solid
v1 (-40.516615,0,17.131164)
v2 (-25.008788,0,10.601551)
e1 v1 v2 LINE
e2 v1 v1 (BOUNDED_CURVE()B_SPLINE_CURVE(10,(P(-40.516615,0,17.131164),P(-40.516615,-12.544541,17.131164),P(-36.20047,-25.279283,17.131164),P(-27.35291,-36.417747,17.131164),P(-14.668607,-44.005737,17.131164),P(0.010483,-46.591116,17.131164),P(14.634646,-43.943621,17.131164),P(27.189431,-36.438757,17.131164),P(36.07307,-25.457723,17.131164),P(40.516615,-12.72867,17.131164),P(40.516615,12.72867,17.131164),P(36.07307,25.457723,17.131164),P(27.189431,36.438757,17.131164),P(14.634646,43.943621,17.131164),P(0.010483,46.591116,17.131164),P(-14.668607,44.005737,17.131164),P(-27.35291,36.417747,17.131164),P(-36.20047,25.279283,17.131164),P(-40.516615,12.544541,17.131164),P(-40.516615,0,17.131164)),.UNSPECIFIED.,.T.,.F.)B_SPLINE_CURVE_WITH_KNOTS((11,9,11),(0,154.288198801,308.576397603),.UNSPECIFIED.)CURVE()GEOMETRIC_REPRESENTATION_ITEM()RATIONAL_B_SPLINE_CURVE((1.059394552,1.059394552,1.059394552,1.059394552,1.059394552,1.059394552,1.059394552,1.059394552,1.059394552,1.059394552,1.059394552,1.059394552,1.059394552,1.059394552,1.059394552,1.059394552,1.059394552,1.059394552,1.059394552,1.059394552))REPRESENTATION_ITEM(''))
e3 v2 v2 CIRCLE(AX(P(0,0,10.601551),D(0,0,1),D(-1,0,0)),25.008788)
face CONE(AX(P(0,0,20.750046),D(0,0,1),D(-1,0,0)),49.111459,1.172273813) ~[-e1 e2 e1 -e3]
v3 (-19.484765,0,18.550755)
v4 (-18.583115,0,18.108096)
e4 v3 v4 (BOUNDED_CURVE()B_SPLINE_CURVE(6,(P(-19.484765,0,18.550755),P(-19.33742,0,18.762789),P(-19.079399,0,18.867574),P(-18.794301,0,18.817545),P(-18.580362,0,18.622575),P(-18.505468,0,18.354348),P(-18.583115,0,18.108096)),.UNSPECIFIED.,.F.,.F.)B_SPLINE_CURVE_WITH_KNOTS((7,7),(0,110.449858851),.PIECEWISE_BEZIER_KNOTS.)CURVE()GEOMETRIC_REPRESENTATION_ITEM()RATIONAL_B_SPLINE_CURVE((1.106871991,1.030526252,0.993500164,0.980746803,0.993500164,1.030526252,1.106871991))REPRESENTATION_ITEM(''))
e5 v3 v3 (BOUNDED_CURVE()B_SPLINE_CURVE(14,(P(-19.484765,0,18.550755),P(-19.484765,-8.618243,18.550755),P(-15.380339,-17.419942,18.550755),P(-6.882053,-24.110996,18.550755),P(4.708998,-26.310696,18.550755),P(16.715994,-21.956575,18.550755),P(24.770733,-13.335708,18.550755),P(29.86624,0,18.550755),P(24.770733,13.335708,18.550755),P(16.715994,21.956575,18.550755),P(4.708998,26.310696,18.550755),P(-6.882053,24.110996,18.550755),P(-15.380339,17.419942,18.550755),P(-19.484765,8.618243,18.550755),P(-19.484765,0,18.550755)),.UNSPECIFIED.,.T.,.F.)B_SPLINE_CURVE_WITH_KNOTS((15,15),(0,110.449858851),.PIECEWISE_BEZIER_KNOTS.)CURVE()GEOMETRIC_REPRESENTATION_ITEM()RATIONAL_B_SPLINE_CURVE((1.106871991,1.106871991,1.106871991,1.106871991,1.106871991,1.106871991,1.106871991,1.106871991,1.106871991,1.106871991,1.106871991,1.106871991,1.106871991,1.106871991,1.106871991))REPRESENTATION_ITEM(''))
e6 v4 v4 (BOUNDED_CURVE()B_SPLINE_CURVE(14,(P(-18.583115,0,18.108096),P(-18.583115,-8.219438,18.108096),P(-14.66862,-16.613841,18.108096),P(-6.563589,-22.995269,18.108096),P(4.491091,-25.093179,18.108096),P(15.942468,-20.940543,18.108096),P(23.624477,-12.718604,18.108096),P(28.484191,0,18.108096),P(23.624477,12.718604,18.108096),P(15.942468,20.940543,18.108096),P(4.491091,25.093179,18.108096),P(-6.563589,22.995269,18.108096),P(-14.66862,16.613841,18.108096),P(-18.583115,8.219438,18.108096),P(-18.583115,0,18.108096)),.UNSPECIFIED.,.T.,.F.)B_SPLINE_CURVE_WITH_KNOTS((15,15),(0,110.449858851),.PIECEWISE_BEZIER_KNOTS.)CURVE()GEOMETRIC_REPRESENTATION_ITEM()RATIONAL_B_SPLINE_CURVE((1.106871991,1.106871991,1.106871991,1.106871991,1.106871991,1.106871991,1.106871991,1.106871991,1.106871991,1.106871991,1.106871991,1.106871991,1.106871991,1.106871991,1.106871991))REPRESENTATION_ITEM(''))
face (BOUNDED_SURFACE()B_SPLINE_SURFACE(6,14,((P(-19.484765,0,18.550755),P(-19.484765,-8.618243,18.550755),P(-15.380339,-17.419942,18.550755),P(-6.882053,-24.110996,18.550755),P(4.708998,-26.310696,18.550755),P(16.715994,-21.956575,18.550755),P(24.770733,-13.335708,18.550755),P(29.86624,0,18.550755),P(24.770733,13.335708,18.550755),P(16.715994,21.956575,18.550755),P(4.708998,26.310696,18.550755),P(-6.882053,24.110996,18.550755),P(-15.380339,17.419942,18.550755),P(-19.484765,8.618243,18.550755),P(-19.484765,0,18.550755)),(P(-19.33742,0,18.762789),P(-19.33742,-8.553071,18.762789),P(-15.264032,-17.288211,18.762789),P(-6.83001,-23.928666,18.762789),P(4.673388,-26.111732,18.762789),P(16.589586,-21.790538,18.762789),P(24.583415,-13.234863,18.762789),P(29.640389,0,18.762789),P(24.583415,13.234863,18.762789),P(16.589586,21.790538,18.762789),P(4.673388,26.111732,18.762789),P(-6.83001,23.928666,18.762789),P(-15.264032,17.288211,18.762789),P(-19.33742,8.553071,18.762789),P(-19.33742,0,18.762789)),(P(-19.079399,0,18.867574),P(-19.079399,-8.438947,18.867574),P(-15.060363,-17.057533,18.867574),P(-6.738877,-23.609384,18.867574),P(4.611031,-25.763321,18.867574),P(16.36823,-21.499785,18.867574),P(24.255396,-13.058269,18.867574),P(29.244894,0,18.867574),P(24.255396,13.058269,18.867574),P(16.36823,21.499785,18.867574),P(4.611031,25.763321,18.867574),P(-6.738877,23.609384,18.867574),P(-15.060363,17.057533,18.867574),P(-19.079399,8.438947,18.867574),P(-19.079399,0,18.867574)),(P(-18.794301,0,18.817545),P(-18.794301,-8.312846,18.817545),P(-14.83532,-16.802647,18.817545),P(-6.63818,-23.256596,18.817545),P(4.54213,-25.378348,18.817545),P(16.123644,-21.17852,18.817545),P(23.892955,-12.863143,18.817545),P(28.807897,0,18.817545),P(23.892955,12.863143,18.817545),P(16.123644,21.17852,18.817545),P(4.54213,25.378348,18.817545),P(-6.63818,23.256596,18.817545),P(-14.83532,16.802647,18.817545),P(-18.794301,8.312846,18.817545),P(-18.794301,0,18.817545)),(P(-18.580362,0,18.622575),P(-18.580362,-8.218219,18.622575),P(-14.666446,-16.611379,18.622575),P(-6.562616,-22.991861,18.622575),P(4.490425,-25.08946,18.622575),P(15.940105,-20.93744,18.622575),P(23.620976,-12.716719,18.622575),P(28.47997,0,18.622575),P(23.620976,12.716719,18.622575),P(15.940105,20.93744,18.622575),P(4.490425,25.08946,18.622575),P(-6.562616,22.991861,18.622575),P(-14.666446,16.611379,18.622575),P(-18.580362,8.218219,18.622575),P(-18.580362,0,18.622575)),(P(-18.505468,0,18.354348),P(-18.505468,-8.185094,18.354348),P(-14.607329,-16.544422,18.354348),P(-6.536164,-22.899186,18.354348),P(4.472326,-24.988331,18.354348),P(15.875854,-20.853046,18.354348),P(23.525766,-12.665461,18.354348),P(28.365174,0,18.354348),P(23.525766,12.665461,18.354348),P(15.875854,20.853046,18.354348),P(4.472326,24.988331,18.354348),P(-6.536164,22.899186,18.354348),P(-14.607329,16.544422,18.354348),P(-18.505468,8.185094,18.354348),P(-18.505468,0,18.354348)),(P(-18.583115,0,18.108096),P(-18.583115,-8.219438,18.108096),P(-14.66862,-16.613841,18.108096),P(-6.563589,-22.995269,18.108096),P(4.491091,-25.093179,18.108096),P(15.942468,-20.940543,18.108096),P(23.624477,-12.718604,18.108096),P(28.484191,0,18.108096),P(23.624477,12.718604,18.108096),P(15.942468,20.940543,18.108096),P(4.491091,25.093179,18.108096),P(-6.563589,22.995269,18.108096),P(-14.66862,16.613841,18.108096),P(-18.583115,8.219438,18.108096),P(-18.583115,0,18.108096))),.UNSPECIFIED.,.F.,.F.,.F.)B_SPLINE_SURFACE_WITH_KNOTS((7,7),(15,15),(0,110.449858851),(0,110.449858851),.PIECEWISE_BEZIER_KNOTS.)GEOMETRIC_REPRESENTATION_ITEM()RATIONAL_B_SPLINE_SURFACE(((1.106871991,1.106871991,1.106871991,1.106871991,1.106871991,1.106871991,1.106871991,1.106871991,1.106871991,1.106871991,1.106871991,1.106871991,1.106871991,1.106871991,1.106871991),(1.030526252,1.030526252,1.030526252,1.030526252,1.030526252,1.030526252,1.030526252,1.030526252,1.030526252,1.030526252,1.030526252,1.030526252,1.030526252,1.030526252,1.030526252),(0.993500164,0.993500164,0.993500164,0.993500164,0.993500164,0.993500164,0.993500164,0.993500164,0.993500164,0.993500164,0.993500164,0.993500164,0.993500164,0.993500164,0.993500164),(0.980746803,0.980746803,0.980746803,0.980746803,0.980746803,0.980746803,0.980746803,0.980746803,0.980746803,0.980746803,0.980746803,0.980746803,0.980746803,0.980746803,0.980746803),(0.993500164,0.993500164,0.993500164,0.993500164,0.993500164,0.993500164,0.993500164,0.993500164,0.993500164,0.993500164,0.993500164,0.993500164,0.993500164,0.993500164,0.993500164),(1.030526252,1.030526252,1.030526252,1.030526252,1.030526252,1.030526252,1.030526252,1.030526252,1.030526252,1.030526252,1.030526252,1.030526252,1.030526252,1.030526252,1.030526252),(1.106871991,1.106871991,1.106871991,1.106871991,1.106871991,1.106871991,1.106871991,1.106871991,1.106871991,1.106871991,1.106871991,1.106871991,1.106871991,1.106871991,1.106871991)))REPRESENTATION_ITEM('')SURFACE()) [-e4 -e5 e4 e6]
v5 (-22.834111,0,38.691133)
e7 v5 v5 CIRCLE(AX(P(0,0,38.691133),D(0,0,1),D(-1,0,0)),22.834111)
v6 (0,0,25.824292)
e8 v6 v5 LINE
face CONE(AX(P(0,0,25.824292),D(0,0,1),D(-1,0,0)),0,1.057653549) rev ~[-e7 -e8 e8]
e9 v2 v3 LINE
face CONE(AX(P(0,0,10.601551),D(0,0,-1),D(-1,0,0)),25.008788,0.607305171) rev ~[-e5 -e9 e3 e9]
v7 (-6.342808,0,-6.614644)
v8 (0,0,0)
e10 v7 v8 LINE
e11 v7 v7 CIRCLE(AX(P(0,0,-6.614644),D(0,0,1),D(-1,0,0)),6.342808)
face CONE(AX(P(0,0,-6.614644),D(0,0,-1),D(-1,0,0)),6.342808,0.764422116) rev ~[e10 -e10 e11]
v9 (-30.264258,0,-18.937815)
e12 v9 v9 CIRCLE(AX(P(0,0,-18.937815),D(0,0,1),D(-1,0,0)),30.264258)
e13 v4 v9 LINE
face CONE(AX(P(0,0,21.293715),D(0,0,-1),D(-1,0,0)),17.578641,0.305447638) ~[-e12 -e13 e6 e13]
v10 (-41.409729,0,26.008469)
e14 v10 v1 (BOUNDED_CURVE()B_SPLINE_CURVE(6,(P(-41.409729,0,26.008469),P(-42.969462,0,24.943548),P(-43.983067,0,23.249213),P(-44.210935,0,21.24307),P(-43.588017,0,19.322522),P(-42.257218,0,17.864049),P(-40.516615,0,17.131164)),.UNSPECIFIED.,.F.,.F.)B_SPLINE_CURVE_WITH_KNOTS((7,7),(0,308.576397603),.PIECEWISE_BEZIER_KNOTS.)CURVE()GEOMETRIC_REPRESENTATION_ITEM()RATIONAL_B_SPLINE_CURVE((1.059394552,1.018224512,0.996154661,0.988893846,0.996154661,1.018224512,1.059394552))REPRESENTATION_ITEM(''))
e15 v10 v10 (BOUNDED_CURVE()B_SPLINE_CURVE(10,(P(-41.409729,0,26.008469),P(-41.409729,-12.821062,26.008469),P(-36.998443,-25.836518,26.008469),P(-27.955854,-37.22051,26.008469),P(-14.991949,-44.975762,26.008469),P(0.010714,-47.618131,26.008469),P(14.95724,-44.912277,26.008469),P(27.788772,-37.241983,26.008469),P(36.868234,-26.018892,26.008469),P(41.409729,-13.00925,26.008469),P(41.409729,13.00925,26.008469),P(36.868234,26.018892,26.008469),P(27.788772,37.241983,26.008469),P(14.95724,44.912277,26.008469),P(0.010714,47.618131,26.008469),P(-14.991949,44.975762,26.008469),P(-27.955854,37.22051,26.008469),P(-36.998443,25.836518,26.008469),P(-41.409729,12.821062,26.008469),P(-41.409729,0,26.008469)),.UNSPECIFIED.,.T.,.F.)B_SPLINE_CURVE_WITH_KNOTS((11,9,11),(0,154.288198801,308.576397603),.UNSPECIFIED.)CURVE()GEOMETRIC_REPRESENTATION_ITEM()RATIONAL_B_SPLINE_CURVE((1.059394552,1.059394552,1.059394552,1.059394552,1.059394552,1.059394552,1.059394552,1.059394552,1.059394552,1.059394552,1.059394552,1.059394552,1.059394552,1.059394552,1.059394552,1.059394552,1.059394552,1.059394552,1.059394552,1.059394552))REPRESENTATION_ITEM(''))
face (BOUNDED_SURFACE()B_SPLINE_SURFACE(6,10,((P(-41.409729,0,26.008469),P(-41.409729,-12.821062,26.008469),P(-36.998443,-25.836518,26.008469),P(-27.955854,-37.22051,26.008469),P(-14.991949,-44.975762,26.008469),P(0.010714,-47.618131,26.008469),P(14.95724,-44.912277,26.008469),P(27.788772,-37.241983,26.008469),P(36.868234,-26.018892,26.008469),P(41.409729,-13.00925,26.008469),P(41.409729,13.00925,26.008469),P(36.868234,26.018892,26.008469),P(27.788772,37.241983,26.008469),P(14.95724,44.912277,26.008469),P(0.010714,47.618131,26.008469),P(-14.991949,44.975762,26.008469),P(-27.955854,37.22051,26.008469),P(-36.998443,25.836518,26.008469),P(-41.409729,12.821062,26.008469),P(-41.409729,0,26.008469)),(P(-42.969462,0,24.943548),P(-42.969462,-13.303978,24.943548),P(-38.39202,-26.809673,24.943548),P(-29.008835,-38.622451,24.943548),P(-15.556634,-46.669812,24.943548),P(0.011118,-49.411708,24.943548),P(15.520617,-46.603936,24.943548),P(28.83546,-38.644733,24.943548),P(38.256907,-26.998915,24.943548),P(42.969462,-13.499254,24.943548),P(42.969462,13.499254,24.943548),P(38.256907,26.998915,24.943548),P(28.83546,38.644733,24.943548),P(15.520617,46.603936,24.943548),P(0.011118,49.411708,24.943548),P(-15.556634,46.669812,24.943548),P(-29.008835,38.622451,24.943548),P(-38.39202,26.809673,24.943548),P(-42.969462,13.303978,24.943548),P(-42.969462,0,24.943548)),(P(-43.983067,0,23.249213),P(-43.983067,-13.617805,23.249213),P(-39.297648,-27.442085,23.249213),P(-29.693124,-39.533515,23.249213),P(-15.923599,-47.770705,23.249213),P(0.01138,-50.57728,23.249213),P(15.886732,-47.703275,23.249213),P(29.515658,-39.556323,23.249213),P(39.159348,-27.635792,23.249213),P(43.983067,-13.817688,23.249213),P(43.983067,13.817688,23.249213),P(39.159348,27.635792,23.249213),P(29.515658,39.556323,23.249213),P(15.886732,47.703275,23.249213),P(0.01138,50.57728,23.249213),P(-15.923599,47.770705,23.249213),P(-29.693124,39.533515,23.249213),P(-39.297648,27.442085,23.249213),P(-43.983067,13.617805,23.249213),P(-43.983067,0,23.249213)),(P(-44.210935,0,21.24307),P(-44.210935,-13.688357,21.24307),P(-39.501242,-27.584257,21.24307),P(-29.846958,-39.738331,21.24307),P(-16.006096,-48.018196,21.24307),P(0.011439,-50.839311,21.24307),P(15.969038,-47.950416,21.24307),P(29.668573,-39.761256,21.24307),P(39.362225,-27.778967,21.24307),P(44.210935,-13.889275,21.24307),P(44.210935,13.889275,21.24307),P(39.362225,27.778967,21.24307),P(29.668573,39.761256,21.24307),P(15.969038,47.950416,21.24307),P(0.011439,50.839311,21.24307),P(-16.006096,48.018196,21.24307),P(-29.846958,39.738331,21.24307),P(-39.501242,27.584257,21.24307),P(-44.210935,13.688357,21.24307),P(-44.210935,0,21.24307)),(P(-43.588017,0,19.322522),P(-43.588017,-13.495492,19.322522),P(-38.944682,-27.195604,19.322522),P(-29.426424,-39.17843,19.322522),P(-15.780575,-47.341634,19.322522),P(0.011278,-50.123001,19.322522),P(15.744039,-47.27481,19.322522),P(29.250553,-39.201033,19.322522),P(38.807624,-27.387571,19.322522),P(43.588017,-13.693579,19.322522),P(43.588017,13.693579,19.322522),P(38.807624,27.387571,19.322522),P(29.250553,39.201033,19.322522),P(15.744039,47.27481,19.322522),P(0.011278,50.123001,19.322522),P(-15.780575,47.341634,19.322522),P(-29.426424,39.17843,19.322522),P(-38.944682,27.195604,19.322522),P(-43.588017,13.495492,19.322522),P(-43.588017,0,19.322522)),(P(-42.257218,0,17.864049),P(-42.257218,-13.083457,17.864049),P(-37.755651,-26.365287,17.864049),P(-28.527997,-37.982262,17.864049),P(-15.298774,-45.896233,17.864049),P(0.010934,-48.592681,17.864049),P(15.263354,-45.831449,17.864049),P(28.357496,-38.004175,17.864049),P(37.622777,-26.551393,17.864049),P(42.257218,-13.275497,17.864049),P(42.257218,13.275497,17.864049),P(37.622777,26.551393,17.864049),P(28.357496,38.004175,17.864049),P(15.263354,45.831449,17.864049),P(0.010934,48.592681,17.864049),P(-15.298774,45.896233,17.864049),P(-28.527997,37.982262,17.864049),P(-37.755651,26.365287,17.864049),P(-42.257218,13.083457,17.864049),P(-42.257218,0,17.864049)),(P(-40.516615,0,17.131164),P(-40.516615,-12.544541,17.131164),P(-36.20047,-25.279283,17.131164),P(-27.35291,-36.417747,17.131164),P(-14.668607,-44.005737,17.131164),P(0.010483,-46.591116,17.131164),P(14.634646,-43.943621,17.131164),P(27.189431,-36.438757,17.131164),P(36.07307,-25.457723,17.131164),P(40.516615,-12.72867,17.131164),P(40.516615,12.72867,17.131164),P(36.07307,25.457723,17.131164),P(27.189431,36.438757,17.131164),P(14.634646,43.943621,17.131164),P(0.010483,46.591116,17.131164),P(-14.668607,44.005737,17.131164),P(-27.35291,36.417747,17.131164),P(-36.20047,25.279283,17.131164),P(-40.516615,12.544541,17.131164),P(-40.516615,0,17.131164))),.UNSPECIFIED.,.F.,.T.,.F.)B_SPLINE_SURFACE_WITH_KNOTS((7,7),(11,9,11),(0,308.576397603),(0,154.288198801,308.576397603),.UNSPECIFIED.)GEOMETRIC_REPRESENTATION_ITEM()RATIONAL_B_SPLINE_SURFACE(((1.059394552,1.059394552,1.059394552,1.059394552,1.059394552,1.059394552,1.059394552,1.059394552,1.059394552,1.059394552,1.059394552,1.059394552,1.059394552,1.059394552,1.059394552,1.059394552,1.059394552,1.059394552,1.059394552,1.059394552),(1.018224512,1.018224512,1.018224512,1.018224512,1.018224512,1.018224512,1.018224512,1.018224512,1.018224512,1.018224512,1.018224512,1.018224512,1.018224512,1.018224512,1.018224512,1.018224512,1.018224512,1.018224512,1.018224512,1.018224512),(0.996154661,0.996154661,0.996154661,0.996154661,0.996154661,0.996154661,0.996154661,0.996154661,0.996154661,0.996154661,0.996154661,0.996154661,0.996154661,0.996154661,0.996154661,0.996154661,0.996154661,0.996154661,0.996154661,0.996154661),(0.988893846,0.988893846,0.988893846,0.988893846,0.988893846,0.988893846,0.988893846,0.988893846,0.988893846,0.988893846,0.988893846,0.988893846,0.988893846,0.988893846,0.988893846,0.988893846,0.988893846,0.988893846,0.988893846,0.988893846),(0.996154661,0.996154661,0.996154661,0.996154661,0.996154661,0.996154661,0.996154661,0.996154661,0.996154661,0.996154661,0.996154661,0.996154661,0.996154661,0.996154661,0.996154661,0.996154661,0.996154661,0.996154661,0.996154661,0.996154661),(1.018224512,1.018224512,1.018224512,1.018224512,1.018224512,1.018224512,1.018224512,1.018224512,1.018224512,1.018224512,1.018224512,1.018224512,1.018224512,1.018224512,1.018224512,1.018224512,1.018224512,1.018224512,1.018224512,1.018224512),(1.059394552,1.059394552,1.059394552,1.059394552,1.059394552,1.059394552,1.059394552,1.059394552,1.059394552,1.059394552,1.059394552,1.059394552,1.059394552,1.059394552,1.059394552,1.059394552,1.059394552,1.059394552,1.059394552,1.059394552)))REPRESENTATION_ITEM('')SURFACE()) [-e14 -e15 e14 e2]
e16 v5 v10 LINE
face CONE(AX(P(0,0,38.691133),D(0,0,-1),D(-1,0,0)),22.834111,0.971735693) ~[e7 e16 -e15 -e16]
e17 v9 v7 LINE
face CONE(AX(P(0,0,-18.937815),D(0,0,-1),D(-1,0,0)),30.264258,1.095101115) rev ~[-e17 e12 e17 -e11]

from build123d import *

# Parameters (mm, degrees)
F2_R = 5.08
F3_R = 0.508


with BuildPart() as f1:
    # F0 (on Front) → F1 (revolve)
    with BuildSketch(Plane.XZ):
        Polygon((-6.342808, -6.614644), (0, 0), (0, 25.824292), (-22.834111, 38.691133), (-49.111459, 20.750046), (-25.008788, 10.601551), (-17.578641, 21.293715), (-30.264258, -18.937815), align=None)
    revolve(axis=Axis((0, 0, 51.104914), (0, 0, 1)))

    # F2
    f2_edges = [f1.edges().sort_by_distance(p)[0] for p in [
        (49.111459, 0, 20.750046),
    ]]
    fillet(f2_edges, radius=F2_R)

    # F3
    f3_edges = [f1.edges().sort_by_distance(p)[0] for p in [
        (17.578641, 0, 21.293715),
    ]]
    fillet(f3_edges, radius=F3_R)


solid = f1.part
